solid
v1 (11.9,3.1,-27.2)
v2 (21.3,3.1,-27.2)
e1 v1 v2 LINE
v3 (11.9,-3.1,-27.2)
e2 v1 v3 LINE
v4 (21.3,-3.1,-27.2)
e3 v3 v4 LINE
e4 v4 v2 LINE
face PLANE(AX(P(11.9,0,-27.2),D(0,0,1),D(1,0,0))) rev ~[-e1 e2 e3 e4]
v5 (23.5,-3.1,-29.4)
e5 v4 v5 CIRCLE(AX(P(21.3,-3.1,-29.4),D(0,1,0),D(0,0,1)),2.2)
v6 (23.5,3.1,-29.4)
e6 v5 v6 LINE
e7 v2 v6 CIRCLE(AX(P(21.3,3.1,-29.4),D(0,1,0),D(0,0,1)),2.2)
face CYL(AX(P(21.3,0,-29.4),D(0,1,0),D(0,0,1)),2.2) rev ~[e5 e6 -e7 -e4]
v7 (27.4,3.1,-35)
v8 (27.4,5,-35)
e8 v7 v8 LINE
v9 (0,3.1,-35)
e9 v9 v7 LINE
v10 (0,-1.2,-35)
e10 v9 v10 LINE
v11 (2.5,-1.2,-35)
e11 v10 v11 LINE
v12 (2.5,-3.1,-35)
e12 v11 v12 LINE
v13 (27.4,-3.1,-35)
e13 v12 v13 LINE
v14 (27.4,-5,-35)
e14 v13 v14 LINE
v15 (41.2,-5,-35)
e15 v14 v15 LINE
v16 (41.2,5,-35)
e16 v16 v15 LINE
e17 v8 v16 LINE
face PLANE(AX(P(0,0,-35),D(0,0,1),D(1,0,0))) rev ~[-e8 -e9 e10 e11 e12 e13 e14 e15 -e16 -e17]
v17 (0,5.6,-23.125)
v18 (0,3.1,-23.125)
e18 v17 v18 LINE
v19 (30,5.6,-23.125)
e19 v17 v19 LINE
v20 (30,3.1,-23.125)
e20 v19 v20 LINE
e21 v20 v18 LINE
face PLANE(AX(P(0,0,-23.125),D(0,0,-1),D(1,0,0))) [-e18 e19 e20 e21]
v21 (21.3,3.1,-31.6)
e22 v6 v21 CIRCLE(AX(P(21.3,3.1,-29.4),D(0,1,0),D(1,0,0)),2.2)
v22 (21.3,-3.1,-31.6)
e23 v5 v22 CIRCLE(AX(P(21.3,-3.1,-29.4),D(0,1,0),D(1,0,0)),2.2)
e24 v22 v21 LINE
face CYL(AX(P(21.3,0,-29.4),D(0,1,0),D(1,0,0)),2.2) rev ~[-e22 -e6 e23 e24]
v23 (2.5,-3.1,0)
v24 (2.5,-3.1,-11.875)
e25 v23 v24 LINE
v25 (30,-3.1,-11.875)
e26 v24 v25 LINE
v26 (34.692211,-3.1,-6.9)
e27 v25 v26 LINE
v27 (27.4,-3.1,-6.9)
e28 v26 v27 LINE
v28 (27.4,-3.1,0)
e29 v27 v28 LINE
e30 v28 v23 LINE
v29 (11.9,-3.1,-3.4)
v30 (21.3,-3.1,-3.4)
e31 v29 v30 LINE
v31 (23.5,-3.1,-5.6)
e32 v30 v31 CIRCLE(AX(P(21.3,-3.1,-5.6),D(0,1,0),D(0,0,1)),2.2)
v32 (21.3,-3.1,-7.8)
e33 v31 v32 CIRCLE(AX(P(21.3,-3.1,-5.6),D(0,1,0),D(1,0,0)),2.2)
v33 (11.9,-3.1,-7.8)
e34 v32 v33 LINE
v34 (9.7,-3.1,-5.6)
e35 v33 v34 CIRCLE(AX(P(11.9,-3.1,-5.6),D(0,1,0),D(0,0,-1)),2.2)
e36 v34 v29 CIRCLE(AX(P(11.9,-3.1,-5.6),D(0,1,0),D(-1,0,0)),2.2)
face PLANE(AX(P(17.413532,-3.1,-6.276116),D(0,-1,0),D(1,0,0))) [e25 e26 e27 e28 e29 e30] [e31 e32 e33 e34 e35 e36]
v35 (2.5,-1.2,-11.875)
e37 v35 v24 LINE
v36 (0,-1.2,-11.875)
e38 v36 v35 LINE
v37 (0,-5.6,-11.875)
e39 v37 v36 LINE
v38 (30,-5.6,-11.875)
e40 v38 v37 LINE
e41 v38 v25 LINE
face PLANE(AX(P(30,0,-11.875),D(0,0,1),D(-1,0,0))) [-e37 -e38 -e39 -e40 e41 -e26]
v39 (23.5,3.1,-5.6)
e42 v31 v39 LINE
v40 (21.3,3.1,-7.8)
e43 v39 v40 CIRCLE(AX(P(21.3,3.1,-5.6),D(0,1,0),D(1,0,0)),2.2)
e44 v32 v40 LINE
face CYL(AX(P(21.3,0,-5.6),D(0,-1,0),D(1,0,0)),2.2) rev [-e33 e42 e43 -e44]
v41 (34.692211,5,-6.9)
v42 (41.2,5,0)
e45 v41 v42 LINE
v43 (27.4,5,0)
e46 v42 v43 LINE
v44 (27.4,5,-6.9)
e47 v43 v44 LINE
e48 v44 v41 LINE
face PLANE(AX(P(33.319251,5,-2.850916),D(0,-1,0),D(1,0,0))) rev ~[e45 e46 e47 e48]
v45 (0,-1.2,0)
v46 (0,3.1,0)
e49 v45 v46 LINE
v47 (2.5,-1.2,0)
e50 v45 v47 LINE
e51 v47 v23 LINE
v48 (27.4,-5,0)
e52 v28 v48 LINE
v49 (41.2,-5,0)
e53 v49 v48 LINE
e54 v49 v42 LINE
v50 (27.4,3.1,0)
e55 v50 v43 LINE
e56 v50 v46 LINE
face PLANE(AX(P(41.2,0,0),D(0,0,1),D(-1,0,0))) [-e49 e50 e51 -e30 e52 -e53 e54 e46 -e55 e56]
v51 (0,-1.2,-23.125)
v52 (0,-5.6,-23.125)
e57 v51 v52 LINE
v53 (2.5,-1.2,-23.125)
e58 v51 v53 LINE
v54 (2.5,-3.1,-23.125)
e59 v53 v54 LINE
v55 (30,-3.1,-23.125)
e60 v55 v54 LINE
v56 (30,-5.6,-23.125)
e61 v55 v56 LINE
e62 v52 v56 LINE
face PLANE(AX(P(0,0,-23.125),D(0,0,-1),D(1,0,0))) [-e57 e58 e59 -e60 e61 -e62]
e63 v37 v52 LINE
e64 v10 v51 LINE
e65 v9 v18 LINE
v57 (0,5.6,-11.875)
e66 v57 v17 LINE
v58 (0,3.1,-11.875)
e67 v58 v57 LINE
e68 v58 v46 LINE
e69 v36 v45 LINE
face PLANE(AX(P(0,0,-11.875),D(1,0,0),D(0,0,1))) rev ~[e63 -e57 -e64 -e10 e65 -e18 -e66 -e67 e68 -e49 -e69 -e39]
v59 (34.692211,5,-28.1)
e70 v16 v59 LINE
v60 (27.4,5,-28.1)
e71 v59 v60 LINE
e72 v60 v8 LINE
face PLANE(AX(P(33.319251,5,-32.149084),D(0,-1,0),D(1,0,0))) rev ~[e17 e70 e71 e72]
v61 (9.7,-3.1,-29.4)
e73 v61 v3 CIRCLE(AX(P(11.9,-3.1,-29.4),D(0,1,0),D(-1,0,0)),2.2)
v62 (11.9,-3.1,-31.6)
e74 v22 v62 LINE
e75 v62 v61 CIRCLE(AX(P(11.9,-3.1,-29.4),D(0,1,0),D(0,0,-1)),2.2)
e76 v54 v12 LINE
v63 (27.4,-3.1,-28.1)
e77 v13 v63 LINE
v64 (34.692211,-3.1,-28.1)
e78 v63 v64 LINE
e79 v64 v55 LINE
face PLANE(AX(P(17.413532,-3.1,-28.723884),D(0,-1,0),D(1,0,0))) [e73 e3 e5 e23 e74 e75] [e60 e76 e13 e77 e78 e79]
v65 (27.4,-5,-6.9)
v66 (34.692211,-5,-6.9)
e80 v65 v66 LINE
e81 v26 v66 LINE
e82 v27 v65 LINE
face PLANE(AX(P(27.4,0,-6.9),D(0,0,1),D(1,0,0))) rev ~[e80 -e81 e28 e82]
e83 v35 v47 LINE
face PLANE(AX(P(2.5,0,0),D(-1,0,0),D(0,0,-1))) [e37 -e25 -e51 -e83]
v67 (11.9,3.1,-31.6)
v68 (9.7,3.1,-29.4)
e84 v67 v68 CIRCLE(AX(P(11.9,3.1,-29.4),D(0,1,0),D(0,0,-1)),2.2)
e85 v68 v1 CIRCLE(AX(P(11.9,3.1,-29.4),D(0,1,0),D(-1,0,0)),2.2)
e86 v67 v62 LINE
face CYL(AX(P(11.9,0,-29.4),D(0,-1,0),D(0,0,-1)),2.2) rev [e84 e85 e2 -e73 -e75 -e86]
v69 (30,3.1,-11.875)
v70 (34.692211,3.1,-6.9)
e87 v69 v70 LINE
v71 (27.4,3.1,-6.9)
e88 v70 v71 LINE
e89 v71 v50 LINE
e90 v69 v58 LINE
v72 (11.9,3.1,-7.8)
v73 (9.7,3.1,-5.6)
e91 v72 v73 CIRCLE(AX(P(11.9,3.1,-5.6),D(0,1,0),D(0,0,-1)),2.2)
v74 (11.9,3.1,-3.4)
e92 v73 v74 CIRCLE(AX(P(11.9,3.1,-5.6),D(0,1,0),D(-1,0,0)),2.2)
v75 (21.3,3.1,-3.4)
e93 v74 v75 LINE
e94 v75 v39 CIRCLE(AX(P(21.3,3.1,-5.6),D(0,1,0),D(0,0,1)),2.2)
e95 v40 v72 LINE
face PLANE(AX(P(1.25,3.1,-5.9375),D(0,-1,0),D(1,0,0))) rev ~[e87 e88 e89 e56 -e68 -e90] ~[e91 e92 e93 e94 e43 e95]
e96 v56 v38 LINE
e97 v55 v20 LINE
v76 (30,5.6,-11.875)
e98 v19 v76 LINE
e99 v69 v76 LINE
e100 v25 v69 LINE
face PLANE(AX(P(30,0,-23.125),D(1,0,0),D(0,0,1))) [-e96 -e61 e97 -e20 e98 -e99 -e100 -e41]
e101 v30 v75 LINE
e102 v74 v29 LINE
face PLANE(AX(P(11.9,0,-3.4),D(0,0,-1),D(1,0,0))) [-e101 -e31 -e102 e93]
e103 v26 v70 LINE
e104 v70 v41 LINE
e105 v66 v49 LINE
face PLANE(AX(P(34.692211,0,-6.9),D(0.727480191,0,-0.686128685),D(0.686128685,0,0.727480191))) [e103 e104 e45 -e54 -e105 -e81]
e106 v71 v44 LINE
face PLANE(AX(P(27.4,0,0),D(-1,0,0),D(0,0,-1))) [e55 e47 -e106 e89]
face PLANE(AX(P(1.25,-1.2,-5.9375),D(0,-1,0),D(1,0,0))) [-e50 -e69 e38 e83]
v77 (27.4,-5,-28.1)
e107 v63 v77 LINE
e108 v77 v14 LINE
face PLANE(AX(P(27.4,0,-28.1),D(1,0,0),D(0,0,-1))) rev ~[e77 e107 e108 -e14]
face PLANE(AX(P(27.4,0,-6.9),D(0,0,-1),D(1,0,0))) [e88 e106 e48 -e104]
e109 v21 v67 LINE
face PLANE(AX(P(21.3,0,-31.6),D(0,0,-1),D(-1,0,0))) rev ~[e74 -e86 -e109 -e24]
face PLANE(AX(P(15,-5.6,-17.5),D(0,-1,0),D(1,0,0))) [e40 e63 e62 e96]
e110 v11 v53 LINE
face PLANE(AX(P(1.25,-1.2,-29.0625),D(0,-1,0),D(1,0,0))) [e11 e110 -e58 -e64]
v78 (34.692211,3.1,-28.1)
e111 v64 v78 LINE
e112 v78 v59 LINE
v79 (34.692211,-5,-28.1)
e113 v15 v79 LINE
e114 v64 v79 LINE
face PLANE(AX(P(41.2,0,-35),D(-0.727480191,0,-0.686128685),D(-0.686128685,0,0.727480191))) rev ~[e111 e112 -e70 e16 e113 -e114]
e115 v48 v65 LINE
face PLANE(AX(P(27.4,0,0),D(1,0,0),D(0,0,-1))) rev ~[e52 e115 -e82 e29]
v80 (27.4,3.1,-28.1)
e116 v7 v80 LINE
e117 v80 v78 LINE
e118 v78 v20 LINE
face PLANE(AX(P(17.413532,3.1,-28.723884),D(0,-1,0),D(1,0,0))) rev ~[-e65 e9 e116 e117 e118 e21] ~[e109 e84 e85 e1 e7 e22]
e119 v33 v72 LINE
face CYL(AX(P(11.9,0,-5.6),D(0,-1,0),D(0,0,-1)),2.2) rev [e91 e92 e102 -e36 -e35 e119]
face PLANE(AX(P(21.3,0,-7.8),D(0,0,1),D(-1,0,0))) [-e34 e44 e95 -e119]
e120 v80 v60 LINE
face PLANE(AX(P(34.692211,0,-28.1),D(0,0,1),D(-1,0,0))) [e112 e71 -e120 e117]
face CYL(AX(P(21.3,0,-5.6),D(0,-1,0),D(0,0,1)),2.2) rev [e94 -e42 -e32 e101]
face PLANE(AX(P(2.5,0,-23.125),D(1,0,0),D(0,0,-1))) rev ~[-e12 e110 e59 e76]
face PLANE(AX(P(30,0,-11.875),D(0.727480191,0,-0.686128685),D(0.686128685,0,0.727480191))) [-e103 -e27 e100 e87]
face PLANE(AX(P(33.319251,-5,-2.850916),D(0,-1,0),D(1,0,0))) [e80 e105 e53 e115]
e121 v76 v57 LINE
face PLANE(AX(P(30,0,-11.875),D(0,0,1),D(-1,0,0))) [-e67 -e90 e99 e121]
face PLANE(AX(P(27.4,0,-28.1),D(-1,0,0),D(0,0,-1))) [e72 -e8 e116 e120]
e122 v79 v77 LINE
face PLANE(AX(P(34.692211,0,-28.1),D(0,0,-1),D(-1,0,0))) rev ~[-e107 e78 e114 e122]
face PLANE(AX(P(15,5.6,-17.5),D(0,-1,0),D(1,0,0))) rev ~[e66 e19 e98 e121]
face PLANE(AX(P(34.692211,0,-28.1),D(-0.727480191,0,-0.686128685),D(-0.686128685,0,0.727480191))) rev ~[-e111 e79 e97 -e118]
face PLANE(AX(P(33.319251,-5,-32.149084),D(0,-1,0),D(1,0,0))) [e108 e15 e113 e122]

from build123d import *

# Parameters (mm, degrees)
F1_DEPTH      = 5.6
F1_DEPTH_BACK = 5.6
F2_DEPTH      = 3.1
F2_DEPTH_BACK = 3.1
F0_W          = 2.5
F0_H          = 11.875
F3_DEPTH      = 1.2
F3_DEPTH_BACK = 3.1
F4_DEPTH      = 5
F4_DEPTH_BACK = 5


with BuildPart() as f1:
    # F0 (on Front) → F1 (new body, two sides)
    with BuildSketch(Plane.XZ) as f1_sk:
        Polygon((2.5, -11.875), (0, -11.875), (0, -23.125), (2.5, -23.125), (30, -23.125), (30, -11.875), align=None)
    extrude(amount=F1_DEPTH)
    extrude(f1_sk.sketch, amount=-F1_DEPTH_BACK)

    # F0 (on Front) → F2 (join, two sides)
    with BuildSketch(Plane.XZ) as f2_sk:
        Polygon((27.4, 0), (2.5, 0), (2.5, -11.875), (30, -11.875), (34.6922105263, -6.9), (27.4, -6.9), align=None)
        with BuildLine():
            ThreePointArc((9.7, -5.6), (10.3443650814, -4.0443650814), (11.9, -3.4))
            Line((11.9, -3.4), (21.3, -3.4))
            ThreePointArc((21.3, -3.4), (22.8556349186, -4.0443650814), (23.5, -5.6))
            ThreePointArc((23.5, -5.6), (22.8556349186, -7.1556349186), (21.3, -7.8))
            Line((21.3, -7.8), (11.9, -7.8))
            ThreePointArc((11.9, -7.8), (10.3443650814, -7.1556349186), (9.7, -5.6))
        make_face(mode=Mode.SUBTRACT)
        Polygon((30, -23.125), (2.5, -23.125), (2.5, -35), (27.4, -35), (27.4, -28.1), (34.6922105263, -28.1), align=None)
        with BuildLine():
            ThreePointArc((11.9, -31.6), (10.3443650814, -30.9556349186), (9.7, -29.4))
            ThreePointArc((9.7, -29.4), (10.3443650814, -27.8443650814), (11.9, -27.2))
            Line((11.9, -27.2), (21.3, -27.2))
            ThreePointArc((21.3, -27.2), (22.8556349186, -27.8443650814), (23.5, -29.4))
            ThreePointArc((23.5, -29.4), (22.8556349186, -30.9556349186), (21.3, -31.6))
            Line((21.3, -31.6), (11.9, -31.6))
        make_face(mode=Mode.SUBTRACT)
    extrude(amount=F2_DEPTH)
    extrude(f2_sk.sketch, amount=-F2_DEPTH_BACK)

    # F0 (on Front) → F3 (join, two sides)
    with BuildSketch(Plane.XZ) as f3_sk:
        with Locations((1.25, -5.9375)):
            Rectangle(F0_W, F0_H)
        with Locations((1.25, -29.0625)):
            Rectangle(F0_W, F0_H)
    extrude(amount=F3_DEPTH)
    extrude(f3_sk.sketch, amount=-F3_DEPTH_BACK)

    # F0 (on Front) → F4 (join, two sides)
    with BuildSketch(Plane.XZ) as f4_sk:
        Polygon((41.2, 0), (27.4, 0), (27.4, -6.9), (34.6922105263, -6.9), align=None)
        Polygon((41.2, -35), (34.6922105263, -28.1), (27.4, -28.1), (27.4, -35), align=None)
    extrude(amount=F4_DEPTH)
    extrude(f4_sk.sketch, amount=-F4_DEPTH_BACK)


solid = f1.part
